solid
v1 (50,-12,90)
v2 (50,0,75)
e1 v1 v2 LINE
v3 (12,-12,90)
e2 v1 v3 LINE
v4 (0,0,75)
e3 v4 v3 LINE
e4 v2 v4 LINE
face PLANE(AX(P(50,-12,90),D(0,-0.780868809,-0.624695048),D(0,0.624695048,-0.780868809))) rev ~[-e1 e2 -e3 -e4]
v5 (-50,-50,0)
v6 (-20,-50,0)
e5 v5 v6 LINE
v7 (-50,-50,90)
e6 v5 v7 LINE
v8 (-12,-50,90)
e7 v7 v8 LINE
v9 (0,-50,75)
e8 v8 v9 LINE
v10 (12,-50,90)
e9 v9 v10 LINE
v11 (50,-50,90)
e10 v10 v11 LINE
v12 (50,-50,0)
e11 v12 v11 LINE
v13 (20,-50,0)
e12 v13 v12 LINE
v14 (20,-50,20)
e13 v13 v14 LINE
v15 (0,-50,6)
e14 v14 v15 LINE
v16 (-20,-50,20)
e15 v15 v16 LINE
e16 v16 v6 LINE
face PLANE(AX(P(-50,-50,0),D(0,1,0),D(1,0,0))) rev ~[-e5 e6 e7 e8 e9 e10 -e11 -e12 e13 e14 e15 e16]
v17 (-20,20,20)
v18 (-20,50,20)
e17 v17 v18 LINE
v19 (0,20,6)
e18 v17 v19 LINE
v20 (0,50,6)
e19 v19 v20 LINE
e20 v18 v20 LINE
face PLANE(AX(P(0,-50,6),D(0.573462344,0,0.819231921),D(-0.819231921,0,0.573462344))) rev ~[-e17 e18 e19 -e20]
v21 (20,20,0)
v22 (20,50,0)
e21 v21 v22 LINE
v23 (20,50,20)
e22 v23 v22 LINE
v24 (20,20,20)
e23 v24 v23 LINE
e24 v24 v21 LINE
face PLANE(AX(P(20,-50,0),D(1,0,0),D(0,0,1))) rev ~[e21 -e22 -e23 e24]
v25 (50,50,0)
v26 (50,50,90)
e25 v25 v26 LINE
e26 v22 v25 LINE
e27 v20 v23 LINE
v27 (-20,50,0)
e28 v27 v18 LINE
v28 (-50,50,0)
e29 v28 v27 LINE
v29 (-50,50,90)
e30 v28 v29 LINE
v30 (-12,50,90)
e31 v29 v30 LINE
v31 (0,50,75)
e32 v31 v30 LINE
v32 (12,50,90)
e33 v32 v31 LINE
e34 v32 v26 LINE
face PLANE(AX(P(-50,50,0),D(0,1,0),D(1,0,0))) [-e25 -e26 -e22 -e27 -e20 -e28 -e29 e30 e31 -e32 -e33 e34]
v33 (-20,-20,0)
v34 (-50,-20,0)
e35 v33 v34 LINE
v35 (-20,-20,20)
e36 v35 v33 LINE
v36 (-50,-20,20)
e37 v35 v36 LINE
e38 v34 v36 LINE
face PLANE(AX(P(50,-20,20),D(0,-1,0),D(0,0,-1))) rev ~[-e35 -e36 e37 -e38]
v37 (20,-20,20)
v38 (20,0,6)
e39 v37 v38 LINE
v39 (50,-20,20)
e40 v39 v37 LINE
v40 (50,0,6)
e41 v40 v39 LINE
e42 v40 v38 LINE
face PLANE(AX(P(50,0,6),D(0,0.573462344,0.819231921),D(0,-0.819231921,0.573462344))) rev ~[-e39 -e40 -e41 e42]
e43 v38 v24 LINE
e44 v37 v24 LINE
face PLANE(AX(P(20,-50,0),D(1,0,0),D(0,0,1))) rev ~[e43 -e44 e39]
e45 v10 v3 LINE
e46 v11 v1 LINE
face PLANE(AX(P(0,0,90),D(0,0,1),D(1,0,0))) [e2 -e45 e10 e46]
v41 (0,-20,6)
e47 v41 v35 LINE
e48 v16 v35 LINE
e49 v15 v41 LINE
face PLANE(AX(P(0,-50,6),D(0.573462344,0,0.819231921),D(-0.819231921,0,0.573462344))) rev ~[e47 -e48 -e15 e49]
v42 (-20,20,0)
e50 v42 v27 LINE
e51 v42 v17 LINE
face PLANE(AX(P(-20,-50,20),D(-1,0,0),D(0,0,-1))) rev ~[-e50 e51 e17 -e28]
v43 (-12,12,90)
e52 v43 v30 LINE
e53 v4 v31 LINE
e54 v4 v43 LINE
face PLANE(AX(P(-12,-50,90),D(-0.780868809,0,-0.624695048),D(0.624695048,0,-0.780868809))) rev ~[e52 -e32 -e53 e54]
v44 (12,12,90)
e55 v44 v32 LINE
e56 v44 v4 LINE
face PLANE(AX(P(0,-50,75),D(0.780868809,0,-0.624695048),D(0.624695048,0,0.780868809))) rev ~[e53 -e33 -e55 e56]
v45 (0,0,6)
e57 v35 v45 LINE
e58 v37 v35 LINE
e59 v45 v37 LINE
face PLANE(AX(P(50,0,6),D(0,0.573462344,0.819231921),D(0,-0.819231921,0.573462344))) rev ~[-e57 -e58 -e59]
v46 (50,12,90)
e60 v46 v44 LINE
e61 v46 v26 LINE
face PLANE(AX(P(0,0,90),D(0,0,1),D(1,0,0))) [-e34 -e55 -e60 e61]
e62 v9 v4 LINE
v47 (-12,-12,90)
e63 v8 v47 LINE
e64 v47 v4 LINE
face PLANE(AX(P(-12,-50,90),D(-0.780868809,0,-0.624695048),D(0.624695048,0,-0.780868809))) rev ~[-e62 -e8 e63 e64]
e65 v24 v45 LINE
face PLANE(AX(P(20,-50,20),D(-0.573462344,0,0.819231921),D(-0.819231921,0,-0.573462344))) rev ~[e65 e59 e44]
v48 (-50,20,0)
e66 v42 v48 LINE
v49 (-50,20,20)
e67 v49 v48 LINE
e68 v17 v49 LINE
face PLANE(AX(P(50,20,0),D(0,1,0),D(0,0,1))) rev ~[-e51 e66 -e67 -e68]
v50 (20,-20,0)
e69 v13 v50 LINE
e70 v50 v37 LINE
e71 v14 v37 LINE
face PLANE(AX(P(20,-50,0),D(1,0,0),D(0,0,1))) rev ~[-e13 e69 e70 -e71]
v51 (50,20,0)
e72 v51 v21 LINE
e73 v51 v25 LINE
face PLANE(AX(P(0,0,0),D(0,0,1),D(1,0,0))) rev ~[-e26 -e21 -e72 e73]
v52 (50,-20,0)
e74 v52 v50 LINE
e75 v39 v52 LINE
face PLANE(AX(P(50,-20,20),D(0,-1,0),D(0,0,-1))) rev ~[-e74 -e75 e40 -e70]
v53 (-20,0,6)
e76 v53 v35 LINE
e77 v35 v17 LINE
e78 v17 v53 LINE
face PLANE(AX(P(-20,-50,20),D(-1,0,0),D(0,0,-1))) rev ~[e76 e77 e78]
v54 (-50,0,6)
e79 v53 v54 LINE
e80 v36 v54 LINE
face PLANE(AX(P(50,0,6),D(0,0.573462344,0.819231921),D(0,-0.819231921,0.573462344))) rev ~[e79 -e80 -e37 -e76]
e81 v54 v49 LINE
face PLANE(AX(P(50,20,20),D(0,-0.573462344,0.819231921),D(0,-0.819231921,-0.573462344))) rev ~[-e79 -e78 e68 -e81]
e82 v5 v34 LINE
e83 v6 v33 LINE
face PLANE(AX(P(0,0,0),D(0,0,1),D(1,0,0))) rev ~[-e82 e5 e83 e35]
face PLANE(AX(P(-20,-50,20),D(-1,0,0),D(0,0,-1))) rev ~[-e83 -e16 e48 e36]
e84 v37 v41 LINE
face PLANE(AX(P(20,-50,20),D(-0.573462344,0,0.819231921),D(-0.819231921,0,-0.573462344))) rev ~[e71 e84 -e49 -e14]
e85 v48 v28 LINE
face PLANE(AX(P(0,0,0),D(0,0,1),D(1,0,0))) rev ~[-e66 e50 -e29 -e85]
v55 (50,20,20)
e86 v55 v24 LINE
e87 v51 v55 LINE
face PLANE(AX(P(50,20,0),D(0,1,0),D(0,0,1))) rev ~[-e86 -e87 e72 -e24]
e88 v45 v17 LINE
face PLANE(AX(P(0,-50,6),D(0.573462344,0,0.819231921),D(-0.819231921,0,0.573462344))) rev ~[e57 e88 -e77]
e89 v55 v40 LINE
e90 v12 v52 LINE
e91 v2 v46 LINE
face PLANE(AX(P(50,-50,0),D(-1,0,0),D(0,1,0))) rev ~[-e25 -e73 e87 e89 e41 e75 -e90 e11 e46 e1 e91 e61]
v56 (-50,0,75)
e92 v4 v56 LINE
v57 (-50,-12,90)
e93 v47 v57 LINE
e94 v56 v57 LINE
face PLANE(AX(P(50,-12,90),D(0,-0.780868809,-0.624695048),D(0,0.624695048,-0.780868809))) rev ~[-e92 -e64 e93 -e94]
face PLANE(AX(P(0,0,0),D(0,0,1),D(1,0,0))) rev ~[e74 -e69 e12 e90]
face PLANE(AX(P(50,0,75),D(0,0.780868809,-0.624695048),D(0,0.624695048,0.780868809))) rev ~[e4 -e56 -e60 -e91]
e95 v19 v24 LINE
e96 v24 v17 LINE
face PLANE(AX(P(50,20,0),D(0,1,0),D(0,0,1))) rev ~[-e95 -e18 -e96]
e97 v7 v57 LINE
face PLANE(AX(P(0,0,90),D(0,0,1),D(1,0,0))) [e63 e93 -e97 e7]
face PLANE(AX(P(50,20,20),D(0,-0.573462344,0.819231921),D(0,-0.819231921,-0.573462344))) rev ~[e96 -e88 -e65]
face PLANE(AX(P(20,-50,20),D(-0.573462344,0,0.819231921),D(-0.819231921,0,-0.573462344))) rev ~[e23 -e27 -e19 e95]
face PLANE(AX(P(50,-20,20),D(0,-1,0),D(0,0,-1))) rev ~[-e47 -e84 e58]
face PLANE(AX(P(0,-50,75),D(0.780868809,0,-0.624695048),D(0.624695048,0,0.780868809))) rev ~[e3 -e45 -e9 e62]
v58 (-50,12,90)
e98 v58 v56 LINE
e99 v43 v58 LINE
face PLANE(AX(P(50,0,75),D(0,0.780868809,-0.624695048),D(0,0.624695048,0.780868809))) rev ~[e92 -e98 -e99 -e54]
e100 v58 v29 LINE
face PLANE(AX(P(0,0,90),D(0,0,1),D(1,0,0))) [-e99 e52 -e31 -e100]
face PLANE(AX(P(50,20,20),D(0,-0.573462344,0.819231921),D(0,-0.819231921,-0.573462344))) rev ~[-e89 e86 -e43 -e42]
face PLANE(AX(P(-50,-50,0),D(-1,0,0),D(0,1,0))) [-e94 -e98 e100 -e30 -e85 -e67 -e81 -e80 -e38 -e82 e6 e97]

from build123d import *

# Parameters (mm, degrees)
F0_W     = 100
F0_H     = 100
F1_DEPTH = 90
F3_DEPTH = 100.001
F5_DEPTH = 100.001
F7_DEPTH = 100.001
F9_DEPTH = 100.001


with BuildPart() as f1:
    # F0 (on Top) → F1 (new body)
    with BuildSketch(Plane.XY):
        Rectangle(F0_W, F0_H)
    extrude(amount=F1_DEPTH)

    # F2 (on face) → F3 (cut, through all)
    with BuildSketch(Plane.YZ.offset(50)):
        Polygon((-20, 20), (-20, 0), (20, 0), (20, 20), (0, 6), align=None)
    extrude(amount=-F3_DEPTH, mode=Mode.SUBTRACT)

    # F4 (on face) → F5 (cut, through all)
    with BuildSketch(Plane.XZ.offset(50)):
        Polygon((-20, 20), (-20, 0), (20, 0), (20, 20), (0, 6), align=None)
    extrude(amount=-F5_DEPTH, mode=Mode.SUBTRACT)

    # F6 (on face) → F7 (cut, through all)
    with BuildSketch(Plane.YZ.offset(50)):
        Polygon((12, 90), (-12, 90), (0, 75), align=None)
    extrude(amount=-F7_DEPTH, mode=Mode.SUBTRACT)

    # F8 (on face) → F9 (cut, through all)
    with BuildSketch(Plane.XZ.offset(50)):
        Polygon((12, 90), (-12, 90), (0, 75), align=None)
    extrude(amount=-F9_DEPTH, mode=Mode.SUBTRACT)


solid = f1.part
